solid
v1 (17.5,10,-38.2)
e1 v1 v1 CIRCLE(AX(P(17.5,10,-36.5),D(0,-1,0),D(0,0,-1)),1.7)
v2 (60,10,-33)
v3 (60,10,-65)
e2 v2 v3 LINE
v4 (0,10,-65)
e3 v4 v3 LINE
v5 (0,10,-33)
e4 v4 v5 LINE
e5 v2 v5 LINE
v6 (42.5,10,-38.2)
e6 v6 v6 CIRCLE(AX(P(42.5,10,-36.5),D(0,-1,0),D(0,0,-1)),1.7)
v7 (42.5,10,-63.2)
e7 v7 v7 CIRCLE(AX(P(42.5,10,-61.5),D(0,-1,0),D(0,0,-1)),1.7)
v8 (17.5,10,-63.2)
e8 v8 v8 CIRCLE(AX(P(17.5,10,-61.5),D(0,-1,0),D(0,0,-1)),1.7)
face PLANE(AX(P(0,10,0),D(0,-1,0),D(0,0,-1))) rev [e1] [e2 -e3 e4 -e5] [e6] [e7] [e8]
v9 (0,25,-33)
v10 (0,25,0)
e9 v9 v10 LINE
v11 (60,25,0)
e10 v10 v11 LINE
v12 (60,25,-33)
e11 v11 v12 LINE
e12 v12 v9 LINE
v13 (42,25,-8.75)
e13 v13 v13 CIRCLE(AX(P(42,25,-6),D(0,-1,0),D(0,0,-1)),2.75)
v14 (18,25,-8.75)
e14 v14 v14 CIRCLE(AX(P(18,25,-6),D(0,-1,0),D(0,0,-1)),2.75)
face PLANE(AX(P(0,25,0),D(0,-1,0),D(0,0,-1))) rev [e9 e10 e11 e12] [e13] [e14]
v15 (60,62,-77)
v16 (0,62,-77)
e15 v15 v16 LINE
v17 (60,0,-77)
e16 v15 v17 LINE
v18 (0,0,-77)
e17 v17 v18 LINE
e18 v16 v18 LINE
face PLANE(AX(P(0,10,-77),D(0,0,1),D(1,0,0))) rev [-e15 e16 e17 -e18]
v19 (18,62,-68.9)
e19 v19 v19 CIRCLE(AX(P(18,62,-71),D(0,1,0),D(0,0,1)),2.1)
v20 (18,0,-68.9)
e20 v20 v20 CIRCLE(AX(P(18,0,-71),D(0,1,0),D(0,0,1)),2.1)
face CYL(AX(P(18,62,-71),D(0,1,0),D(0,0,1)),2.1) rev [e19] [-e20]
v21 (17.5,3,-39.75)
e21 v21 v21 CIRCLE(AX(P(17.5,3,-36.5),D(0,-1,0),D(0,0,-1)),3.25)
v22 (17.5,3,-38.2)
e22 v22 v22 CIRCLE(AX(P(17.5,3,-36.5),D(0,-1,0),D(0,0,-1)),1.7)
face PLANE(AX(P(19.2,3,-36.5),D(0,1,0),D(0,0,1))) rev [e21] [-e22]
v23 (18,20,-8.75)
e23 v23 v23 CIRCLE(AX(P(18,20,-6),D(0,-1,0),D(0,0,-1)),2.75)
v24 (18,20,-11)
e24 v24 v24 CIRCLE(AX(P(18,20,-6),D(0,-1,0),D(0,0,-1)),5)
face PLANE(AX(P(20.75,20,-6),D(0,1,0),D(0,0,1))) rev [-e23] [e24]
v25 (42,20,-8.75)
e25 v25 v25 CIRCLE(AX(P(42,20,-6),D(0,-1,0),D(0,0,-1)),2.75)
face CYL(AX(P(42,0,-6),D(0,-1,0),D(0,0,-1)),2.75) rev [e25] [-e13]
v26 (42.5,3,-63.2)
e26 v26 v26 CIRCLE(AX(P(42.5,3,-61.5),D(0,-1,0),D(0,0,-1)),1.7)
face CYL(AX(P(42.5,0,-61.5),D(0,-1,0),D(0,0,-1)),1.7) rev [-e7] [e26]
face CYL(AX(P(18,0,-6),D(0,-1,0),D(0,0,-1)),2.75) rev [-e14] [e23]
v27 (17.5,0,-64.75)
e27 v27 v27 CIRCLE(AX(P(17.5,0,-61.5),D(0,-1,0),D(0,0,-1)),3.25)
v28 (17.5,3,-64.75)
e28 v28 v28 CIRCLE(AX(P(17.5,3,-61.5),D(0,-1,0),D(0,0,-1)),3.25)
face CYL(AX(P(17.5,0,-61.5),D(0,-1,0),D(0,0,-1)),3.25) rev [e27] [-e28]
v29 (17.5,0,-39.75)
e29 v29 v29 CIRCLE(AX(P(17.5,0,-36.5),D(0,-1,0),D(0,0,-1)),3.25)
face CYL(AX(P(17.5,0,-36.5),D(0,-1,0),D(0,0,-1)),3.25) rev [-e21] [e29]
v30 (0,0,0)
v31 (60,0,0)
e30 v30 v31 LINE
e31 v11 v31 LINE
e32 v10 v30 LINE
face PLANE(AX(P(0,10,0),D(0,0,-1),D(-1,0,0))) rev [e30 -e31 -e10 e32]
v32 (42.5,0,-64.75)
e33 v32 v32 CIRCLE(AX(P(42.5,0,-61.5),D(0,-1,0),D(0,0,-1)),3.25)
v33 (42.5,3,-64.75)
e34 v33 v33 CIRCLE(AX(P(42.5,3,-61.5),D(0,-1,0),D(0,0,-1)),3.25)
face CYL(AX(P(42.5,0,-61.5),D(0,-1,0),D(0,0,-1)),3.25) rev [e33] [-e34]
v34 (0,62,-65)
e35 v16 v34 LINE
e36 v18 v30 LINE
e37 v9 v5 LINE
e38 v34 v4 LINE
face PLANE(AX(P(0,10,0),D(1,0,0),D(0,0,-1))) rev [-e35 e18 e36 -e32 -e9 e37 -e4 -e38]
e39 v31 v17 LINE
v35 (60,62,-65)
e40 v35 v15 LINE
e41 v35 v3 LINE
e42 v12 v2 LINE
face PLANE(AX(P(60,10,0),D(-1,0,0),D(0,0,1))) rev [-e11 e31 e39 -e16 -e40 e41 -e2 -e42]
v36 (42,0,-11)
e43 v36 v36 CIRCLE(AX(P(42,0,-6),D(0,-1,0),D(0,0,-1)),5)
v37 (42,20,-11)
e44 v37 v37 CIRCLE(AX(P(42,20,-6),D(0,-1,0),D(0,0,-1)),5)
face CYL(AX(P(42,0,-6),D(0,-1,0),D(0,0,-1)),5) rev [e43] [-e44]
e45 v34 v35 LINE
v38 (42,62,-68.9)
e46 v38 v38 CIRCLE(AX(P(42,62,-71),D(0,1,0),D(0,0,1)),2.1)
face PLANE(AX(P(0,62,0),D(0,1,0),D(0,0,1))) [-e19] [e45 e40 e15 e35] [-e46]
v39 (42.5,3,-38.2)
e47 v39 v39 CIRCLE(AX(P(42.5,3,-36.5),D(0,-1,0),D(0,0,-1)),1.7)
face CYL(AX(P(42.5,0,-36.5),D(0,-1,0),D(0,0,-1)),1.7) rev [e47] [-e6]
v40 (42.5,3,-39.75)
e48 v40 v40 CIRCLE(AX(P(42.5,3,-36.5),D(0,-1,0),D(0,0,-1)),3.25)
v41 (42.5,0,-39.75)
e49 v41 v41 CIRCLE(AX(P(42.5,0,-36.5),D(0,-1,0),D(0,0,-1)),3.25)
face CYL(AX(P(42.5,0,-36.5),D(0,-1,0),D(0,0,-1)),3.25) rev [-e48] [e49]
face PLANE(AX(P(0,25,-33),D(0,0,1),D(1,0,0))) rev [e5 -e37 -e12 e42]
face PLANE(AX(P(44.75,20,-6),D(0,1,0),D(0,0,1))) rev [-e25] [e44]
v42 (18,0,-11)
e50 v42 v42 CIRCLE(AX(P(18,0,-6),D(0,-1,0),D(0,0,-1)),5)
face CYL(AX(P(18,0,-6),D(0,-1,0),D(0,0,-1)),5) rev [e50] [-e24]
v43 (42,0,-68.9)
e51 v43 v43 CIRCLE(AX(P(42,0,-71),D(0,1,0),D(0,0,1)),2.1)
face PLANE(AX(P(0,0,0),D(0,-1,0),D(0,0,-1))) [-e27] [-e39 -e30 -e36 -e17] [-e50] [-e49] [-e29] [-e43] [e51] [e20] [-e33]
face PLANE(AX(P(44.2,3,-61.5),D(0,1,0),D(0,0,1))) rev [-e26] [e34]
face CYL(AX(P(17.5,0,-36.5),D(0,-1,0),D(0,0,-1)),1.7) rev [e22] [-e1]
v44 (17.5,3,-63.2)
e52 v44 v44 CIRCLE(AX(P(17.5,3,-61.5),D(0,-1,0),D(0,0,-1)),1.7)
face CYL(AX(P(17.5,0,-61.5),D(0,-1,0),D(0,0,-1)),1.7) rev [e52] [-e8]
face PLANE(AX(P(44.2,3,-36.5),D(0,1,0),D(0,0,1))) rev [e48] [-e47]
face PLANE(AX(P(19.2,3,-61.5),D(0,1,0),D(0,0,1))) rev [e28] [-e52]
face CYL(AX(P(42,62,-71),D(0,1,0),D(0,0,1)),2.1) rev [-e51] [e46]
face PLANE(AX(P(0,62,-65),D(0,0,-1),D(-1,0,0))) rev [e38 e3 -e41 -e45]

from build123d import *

# Parameters (mm, degrees)
SKETCH1_W                      = 60
SKETCH1_H                      = 77
BOSS_EXTRUDE1_DEPTH            = 10
SKETCH2_W                      = 60
SKETCH2_H                      = 12
BOSS_EXTRUDE2_DEPTH            = 52
SKETCH3_W                      = 60
SKETCH3_H                      = 33
BOSS_EXTRUDE3_DEPTH            = 15
M5X0_8_TAPPED_HOLE1_D          = 4.2
CBORE_FOR_M5_SHCS1_D           = 5.5
CBORE_FOR_M5_SHCS1_CBORE_D     = 10
CBORE_FOR_M5_SHCS1_CBORE_DEPTH = 20
CBORE_FOR_M3_SHCS1_D           = 3.4
CBORE_FOR_M3_SHCS1_CBORE_D     = 6.5
CBORE_FOR_M3_SHCS1_CBORE_DEPTH = 3


with BuildPart() as part:
    # Sketch1 → Boss-Extrude1 (new body)
    with BuildSketch(Plane(origin=(0, 0, 0), x_dir=(1, 0, 0), z_dir=(0, 1, 0))):
        with Locations((30, 38.5)):
            Rectangle(SKETCH1_W, SKETCH1_H)
    extrude(amount=BOSS_EXTRUDE1_DEPTH)

    # Sketch2 → Boss-Extrude2 (add)
    with BuildSketch(Plane(origin=(0, 10, 0), x_dir=(1, 0, 0), z_dir=(0, 1, 0))):
        with Locations((30, 71)):
            Rectangle(SKETCH2_W, SKETCH2_H)
    extrude(amount=BOSS_EXTRUDE2_DEPTH)

    # Sketch3 → Boss-Extrude3 (add)
    with BuildSketch(Plane(origin=(0, 10, 0), x_dir=(1, 0, 0), z_dir=(0, 1, 0))):
        with Locations((30, 16.5)):
            Rectangle(SKETCH3_W, SKETCH3_H)
    extrude(amount=BOSS_EXTRUDE3_DEPTH)

    # M5x0.8 Tapped Hole1 (through all)
    with Locations(Plane(origin=(0, 62, 0), x_dir=(1, 0, 0), z_dir=(0, 1, 0))):
        with Locations((18, 71), (42, 71)):
            Hole(M5X0_8_TAPPED_HOLE1_D / 2)

    # CBORE for M5 SHCS1 (through all)
    with Locations(Plane(origin=(0, 0, 0), x_dir=(-1, 0, 0), z_dir=(0, -1, 0))):
        with Locations((-42, 6), (-18, 6)):
            CounterBoreHole(CBORE_FOR_M5_SHCS1_D / 2, CBORE_FOR_M5_SHCS1_CBORE_D / 2, CBORE_FOR_M5_SHCS1_CBORE_DEPTH)

    # CBORE for M3 SHCS1 (through all)
    with Locations(Plane(origin=(0, 0, 0), x_dir=(-1, 0, 0), z_dir=(0, -1, 0))):
        with Locations((-42.5, 61.5), (-17.5, 61.5), (-17.5, 36.5), (-42.5, 36.5)):
            CounterBoreHole(CBORE_FOR_M3_SHCS1_D / 2, CBORE_FOR_M3_SHCS1_CBORE_D / 2, CBORE_FOR_M3_SHCS1_CBORE_DEPTH)


solid = part.part
